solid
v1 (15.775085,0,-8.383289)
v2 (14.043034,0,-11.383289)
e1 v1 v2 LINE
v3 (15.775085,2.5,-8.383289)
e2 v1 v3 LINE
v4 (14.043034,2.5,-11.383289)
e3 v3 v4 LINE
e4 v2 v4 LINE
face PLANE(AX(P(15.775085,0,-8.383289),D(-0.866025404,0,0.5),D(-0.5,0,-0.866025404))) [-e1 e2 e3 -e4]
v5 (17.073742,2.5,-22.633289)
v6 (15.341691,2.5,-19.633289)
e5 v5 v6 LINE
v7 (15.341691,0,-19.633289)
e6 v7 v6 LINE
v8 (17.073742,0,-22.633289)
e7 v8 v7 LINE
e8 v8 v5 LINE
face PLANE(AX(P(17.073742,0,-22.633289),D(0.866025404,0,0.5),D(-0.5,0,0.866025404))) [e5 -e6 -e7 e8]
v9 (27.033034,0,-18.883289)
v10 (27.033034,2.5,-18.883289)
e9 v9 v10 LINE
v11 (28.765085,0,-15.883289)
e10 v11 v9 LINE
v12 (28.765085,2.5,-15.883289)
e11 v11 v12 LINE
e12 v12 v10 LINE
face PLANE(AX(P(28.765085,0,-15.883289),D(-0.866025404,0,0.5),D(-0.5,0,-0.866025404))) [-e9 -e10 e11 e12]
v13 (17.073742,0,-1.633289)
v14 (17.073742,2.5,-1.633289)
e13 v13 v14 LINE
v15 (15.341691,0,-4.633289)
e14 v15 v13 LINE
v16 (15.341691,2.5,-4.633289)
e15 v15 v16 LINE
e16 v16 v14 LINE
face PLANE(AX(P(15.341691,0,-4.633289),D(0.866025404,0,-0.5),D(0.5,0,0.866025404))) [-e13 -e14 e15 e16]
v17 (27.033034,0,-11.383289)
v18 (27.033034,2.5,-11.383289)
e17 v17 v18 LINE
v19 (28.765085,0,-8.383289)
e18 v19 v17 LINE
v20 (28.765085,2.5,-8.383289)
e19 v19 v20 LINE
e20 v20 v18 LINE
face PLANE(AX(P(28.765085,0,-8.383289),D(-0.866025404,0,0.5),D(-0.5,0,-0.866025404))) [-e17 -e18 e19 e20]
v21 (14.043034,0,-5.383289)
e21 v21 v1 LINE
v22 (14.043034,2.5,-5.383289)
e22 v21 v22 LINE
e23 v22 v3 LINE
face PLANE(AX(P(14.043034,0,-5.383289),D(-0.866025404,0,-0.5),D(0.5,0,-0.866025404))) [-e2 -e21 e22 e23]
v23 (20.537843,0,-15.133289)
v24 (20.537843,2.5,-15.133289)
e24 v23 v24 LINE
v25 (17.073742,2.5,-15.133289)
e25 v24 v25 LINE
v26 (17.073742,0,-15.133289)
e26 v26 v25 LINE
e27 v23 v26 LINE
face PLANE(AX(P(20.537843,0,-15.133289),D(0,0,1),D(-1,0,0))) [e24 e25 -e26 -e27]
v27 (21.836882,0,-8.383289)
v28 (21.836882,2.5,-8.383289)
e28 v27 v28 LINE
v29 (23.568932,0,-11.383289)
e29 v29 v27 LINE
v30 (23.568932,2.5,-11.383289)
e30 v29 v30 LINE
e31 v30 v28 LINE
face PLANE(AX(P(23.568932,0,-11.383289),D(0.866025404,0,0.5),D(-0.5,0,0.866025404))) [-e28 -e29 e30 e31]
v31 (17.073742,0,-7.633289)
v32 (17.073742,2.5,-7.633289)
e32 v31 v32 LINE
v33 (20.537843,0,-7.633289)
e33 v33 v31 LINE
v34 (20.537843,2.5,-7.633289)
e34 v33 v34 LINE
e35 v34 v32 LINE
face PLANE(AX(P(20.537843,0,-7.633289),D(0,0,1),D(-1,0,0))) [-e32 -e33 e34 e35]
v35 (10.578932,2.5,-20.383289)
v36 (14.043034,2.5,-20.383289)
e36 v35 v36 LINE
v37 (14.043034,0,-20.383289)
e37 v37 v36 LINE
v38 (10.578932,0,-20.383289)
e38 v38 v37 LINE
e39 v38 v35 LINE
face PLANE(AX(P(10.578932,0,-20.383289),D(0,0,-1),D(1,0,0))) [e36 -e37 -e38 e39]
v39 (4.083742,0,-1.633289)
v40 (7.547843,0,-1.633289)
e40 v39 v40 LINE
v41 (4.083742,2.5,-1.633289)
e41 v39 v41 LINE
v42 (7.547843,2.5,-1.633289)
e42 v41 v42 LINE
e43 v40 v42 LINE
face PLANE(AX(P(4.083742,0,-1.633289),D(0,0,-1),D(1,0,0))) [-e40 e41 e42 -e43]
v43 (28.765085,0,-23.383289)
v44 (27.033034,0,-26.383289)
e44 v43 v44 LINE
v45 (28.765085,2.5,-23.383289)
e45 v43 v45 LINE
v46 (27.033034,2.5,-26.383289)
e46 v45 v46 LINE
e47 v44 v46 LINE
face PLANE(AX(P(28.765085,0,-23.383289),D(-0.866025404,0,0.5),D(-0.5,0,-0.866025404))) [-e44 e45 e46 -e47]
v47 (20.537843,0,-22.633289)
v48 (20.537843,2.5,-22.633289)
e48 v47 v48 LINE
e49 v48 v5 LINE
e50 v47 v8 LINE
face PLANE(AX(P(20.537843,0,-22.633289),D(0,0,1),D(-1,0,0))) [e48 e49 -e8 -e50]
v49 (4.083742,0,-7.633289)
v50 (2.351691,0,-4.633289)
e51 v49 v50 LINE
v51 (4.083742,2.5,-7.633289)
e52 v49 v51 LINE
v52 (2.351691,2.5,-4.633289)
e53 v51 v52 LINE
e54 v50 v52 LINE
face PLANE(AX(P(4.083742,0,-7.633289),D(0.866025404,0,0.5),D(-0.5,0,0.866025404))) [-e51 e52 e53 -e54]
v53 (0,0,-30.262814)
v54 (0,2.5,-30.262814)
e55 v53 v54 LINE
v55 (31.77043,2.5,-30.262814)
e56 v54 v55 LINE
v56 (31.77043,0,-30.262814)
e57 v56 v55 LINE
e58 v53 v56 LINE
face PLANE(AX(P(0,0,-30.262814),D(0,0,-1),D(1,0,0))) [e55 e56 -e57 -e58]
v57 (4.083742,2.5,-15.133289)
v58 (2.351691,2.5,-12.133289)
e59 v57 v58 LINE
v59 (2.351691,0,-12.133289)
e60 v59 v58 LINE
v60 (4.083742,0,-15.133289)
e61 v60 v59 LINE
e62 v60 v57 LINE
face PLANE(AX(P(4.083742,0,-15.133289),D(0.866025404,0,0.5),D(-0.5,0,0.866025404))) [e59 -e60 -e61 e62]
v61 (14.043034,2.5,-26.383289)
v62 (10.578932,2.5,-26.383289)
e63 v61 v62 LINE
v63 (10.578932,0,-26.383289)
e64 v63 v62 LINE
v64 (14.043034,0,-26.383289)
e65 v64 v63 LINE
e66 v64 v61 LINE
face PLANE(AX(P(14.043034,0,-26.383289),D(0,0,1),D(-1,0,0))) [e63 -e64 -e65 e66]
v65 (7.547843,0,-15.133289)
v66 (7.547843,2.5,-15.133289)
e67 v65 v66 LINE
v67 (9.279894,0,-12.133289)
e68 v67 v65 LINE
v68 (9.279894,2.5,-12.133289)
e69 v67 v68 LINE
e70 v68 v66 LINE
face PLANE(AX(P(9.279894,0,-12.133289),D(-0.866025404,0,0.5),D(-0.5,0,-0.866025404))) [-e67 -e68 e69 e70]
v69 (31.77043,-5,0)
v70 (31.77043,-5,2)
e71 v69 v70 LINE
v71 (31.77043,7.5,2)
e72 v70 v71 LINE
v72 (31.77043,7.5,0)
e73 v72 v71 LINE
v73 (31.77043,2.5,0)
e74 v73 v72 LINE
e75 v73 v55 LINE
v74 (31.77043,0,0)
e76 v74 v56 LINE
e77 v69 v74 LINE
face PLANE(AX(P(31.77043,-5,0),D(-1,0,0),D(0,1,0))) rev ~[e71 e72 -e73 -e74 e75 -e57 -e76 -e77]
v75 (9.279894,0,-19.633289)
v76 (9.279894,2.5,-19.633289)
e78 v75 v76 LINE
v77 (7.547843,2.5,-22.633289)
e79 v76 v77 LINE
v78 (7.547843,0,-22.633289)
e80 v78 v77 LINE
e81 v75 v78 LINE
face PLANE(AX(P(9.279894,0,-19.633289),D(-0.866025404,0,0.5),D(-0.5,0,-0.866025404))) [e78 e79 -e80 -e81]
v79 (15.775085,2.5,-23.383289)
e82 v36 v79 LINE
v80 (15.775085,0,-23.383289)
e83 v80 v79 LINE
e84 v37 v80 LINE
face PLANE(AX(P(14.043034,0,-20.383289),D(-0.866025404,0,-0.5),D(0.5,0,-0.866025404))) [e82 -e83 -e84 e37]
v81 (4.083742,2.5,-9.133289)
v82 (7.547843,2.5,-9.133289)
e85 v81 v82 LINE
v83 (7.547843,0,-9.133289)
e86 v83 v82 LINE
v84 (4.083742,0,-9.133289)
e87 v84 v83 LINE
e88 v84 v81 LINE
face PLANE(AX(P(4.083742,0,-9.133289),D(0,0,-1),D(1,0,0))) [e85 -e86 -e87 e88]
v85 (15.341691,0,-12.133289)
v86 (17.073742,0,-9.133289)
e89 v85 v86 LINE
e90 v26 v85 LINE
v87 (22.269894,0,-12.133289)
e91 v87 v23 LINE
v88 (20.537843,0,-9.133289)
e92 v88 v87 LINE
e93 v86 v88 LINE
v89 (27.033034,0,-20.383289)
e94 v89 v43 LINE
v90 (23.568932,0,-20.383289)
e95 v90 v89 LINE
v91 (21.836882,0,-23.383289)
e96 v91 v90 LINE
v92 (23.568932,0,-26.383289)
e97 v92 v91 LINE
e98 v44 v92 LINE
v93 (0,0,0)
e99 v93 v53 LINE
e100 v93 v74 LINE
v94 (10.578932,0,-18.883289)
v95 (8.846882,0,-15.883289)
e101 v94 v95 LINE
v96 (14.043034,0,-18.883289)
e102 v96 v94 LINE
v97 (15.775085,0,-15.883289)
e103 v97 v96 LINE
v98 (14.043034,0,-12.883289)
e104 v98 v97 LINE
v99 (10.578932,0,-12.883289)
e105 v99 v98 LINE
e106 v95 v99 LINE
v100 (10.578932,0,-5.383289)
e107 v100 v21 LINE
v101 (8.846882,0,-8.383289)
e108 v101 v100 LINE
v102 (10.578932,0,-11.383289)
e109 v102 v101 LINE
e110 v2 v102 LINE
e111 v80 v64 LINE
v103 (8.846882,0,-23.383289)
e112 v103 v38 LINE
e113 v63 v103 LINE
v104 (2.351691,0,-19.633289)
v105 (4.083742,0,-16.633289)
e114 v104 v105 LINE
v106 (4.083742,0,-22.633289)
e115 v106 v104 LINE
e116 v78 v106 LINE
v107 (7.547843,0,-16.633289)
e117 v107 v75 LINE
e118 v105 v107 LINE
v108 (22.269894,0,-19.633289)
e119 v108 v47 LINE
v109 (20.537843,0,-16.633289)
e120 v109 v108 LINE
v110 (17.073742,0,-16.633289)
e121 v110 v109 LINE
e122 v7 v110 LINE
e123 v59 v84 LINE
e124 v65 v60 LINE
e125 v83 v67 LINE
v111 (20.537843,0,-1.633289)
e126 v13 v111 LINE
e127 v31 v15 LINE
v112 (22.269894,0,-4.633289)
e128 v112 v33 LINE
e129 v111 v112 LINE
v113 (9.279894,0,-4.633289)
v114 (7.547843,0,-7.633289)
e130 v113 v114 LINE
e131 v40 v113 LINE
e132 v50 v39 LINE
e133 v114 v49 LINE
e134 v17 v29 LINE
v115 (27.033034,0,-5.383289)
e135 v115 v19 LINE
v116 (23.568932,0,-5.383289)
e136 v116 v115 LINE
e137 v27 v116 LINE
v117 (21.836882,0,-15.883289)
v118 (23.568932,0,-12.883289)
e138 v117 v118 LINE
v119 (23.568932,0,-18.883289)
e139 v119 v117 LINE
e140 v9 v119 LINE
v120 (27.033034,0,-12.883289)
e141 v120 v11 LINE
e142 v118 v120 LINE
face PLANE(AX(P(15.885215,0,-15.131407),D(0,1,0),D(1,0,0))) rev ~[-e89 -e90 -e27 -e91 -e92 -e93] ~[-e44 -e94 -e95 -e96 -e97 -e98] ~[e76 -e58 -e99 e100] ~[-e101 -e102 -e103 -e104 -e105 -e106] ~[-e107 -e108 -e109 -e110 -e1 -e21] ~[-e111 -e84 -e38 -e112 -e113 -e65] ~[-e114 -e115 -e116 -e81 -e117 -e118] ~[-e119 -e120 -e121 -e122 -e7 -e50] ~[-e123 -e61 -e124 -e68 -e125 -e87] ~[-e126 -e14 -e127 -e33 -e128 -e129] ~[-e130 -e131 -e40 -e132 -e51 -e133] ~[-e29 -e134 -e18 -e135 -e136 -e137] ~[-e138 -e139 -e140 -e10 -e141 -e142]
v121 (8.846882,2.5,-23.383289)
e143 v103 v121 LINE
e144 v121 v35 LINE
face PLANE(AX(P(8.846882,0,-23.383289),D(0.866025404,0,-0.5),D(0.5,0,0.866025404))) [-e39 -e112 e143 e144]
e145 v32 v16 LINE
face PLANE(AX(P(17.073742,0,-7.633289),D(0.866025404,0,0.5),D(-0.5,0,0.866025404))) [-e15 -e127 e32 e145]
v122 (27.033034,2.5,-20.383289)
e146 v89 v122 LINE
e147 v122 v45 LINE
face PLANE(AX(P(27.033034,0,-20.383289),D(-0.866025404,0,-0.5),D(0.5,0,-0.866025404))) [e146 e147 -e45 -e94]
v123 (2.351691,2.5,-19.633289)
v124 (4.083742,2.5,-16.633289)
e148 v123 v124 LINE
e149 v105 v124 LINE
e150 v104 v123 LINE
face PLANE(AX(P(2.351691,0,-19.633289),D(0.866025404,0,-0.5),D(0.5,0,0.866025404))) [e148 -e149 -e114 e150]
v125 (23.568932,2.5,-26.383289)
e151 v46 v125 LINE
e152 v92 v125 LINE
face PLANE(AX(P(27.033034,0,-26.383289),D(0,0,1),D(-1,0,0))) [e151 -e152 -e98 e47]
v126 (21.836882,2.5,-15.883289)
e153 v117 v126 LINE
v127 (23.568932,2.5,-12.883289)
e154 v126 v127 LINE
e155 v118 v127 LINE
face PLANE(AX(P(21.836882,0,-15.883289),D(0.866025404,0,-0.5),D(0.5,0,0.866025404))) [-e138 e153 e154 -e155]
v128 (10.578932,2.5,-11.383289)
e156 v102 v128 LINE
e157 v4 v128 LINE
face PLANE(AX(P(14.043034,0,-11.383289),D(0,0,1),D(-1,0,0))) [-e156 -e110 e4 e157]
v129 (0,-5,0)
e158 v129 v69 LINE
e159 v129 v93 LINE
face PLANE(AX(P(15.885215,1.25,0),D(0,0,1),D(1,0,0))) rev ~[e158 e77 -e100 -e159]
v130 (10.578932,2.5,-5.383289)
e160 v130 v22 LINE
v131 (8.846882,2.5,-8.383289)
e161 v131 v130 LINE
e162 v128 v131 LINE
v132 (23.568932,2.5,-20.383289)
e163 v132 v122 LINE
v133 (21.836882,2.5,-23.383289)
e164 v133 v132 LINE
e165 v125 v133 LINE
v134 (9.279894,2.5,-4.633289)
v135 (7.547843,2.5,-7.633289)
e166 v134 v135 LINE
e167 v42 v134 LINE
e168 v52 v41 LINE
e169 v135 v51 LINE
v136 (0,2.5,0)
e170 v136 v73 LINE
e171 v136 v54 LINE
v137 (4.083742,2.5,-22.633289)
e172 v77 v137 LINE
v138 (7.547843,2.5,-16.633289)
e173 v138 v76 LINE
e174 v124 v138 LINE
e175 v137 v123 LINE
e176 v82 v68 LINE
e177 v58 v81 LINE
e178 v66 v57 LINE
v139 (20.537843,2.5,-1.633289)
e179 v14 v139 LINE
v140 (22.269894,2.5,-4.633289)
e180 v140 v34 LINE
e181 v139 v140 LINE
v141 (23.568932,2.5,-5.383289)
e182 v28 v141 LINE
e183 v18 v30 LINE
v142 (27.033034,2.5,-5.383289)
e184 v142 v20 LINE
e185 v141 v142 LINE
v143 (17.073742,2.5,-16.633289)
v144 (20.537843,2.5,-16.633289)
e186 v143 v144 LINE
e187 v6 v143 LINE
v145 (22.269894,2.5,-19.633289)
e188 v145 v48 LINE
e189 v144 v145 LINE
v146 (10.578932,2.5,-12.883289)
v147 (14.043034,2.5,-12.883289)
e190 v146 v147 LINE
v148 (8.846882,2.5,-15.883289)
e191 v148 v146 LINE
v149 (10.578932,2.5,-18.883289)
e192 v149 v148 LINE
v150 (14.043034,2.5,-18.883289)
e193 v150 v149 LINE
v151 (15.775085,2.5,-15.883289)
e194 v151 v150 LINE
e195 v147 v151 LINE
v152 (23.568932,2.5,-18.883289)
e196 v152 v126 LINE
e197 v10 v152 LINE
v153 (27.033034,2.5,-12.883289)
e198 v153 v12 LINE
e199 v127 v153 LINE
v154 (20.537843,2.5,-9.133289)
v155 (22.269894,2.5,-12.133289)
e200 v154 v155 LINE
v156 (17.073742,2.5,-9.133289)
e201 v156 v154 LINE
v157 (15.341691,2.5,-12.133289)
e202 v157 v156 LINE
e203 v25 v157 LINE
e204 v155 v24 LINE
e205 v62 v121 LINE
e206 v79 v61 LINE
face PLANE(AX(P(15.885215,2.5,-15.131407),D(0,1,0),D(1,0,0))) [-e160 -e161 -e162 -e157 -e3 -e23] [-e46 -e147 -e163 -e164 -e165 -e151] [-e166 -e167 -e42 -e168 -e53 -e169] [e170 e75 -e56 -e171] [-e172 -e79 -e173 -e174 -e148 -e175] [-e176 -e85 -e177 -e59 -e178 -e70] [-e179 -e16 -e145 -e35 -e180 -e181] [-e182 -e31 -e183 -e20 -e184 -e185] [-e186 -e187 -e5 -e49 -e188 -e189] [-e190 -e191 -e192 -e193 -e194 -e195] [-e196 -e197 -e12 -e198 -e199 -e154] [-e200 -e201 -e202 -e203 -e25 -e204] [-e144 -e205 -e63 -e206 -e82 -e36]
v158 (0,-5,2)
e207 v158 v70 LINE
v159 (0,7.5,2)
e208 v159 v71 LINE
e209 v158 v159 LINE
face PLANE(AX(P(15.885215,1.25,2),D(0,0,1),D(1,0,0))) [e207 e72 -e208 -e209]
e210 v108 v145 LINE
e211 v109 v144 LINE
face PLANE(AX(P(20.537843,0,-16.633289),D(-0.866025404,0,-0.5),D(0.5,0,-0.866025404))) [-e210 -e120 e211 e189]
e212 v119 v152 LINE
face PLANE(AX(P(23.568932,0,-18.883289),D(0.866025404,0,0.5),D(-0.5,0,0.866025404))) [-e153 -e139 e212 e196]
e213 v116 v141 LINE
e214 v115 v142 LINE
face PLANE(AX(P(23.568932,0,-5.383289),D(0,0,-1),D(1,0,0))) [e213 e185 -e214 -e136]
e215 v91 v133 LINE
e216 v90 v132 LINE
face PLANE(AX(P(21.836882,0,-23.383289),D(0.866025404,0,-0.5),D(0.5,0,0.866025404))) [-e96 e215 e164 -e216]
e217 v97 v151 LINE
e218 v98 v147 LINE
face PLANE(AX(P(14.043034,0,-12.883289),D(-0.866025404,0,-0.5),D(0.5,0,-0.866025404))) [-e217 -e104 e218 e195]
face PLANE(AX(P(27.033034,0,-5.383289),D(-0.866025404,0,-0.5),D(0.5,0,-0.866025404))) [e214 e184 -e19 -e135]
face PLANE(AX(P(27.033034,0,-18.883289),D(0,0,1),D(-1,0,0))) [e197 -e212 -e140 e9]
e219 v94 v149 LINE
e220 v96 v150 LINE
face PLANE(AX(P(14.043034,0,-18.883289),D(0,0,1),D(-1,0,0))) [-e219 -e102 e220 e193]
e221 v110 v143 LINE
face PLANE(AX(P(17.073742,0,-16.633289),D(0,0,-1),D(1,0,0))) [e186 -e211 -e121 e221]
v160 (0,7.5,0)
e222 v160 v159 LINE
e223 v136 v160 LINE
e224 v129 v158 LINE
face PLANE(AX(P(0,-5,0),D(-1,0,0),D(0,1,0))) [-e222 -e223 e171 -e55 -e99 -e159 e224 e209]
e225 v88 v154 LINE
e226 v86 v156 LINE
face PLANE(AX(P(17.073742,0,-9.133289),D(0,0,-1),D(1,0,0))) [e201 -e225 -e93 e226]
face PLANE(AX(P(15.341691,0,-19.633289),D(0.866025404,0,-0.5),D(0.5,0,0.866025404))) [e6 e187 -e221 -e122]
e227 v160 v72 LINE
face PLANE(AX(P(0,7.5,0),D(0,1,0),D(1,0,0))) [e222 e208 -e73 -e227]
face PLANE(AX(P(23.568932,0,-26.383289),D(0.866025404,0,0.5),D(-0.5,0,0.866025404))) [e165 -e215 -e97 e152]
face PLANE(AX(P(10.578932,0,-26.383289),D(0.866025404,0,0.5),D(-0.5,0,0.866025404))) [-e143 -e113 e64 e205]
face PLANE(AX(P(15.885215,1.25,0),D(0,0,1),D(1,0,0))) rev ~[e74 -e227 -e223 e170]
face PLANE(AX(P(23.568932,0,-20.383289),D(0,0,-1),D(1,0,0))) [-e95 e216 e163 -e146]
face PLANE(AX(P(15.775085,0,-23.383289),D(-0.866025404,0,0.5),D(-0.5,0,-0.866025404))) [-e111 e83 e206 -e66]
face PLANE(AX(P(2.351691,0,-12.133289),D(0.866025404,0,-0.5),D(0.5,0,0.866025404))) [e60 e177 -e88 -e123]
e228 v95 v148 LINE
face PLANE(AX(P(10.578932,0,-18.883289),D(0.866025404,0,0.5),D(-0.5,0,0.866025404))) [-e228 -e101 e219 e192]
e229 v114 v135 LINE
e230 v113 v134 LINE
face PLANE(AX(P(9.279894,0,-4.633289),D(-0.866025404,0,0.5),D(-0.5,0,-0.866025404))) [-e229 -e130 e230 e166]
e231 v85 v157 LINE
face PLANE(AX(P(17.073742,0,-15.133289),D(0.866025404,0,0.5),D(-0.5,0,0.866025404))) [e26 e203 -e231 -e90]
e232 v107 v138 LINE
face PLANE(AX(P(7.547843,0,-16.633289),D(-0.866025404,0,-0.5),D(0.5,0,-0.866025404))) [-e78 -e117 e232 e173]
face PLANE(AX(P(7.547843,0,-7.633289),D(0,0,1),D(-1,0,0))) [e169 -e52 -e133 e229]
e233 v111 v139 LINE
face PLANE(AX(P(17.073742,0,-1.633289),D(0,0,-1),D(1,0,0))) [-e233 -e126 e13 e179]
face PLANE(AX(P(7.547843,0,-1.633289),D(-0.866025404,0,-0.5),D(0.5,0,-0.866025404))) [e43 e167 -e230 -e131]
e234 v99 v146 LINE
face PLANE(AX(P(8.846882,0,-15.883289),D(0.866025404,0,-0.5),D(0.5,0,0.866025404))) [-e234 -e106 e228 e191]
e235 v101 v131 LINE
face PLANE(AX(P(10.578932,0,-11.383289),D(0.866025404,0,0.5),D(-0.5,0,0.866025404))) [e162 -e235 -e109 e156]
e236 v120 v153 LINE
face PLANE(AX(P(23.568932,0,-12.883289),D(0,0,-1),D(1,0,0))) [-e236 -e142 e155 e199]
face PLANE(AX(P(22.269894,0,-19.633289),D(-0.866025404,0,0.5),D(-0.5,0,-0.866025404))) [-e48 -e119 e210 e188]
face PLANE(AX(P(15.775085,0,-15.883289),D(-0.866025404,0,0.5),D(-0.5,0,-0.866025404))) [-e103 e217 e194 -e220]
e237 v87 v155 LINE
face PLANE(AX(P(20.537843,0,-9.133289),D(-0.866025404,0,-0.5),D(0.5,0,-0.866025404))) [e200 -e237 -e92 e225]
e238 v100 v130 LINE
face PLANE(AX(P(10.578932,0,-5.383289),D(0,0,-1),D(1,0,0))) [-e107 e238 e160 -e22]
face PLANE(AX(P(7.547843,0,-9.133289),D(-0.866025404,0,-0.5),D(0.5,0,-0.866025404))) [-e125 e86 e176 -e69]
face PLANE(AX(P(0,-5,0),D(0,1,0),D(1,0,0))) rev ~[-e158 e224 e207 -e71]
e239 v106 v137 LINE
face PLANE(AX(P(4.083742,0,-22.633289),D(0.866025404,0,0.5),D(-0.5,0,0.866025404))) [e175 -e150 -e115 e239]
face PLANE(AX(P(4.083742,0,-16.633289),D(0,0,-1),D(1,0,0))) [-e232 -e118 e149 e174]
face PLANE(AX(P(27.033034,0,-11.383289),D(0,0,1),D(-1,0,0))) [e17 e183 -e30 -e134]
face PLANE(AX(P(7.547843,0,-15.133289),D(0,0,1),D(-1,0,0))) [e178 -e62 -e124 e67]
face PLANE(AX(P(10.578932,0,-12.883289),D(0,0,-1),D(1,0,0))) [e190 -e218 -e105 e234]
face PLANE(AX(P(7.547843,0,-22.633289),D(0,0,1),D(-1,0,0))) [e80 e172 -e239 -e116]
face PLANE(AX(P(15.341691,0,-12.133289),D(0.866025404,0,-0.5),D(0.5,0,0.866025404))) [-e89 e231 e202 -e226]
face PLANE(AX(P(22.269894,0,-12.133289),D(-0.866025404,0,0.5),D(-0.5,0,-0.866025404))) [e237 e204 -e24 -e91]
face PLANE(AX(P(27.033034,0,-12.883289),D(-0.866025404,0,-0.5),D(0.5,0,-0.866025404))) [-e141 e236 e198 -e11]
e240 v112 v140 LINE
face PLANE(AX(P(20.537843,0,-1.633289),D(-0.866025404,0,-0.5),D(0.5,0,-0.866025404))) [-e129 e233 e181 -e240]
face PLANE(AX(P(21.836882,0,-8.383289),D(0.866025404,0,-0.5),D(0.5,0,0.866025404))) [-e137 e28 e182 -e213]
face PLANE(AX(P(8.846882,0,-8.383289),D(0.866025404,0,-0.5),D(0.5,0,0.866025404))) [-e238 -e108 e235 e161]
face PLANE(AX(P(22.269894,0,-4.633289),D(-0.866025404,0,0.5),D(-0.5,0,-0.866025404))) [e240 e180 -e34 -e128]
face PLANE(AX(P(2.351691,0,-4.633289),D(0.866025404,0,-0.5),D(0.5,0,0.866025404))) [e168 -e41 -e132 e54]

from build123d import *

# Parameters (mm, degrees)
SKETCH1_W           = 31.770430493
SKETCH1_H           = 30.262813536
BOSS_EXTRUDE1_DEPTH = 2.5
SKETCH2_W           = 31.770430493
SKETCH2_H           = 12.5
BOSS_EXTRUDE2_DEPTH = 2


with BuildPart() as part:
    # Sketch1 → Boss-Extrude1 (new body)
    with BuildSketch(Plane(origin=(0, 0, 0), x_dir=(1, 0, 0), z_dir=(0, 1, 0))):
        with Locations((15.885215247, 15.131406768)):
            Rectangle(SKETCH1_W, SKETCH1_H)
        Polygon((7.547843414, 7.63328856), (4.083741799, 7.63328856), (2.351690991, 4.63328856), (4.083741799, 1.63328856), (7.547843414, 1.63328856), (9.279894221, 4.63328856), align=None, mode=Mode.SUBTRACT)
        Polygon((14.043033942, 11.38328856), (10.578932327, 11.38328856), (8.846881519, 8.38328856), (10.578932327, 5.38328856), (14.043033942, 5.38328856), (15.77508475, 8.38328856), align=None, mode=Mode.SUBTRACT)
        Polygon((20.537843414, 7.63328856), (17.073741799, 7.63328856), (15.341690991, 4.63328856), (17.073741799, 1.63328856), (20.537843414, 1.63328856), (22.269894221, 4.63328856), align=None, mode=Mode.SUBTRACT)
        Polygon((27.033033942, 11.38328856), (23.568932327, 11.38328856), (21.836881519, 8.38328856), (23.568932327, 5.38328856), (27.033033942, 5.38328856), (28.76508475, 8.38328856), align=None, mode=Mode.SUBTRACT)
        Polygon((20.537843414, 15.13328856), (17.073741799, 15.13328856), (15.341690991, 12.13328856), (17.073741799, 9.13328856), (20.537843414, 9.13328856), (22.269894221, 12.13328856), align=None, mode=Mode.SUBTRACT)
        Polygon((27.033033942, 18.88328856), (23.568932327, 18.88328856), (21.836881519, 15.88328856), (23.568932327, 12.88328856), (27.033033942, 12.88328856), (28.76508475, 15.88328856), align=None, mode=Mode.SUBTRACT)
        Polygon((20.537843414, 22.63328856), (17.073741799, 22.63328856), (15.341690991, 19.63328856), (17.073741799, 16.63328856), (20.537843414, 16.63328856), (22.269894221, 19.63328856), align=None, mode=Mode.SUBTRACT)
        Polygon((27.033033942, 26.38328856), (23.568932327, 26.38328856), (21.836881519, 23.38328856), (23.568932327, 20.38328856), (27.033033942, 20.38328856), (28.76508475, 23.38328856), align=None, mode=Mode.SUBTRACT)
        Polygon((7.547843414, 15.13328856), (4.083741799, 15.13328856), (2.351690991, 12.13328856), (4.083741799, 9.13328856), (7.547843414, 9.13328856), (9.279894221, 12.13328856), align=None, mode=Mode.SUBTRACT)
        Polygon((14.043033942, 18.88328856), (10.578932327, 18.88328856), (8.846881519, 15.88328856), (10.578932327, 12.88328856), (14.043033942, 12.88328856), (15.77508475, 15.88328856), align=None, mode=Mode.SUBTRACT)
        Polygon((7.547843414, 22.63328856), (4.083741799, 22.63328856), (2.351690991, 19.63328856), (4.083741799, 16.63328856), (7.547843414, 16.63328856), (9.279894221, 19.63328856), align=None, mode=Mode.SUBTRACT)
        Polygon((14.043033942, 26.38328856), (10.578932327, 26.38328856), (8.846881519, 23.38328856), (10.578932327, 20.38328856), (14.043033942, 20.38328856), (15.77508475, 23.38328856), align=None, mode=Mode.SUBTRACT)
    extrude(amount=BOSS_EXTRUDE1_DEPTH)

    # Sketch2 → Boss-Extrude2 (add)
    with BuildSketch(Plane.XY):
        with Locations((15.885215247, 1.25)):
            Rectangle(SKETCH2_W, SKETCH2_H)
    extrude(amount=BOSS_EXTRUDE2_DEPTH)


solid = part.part
